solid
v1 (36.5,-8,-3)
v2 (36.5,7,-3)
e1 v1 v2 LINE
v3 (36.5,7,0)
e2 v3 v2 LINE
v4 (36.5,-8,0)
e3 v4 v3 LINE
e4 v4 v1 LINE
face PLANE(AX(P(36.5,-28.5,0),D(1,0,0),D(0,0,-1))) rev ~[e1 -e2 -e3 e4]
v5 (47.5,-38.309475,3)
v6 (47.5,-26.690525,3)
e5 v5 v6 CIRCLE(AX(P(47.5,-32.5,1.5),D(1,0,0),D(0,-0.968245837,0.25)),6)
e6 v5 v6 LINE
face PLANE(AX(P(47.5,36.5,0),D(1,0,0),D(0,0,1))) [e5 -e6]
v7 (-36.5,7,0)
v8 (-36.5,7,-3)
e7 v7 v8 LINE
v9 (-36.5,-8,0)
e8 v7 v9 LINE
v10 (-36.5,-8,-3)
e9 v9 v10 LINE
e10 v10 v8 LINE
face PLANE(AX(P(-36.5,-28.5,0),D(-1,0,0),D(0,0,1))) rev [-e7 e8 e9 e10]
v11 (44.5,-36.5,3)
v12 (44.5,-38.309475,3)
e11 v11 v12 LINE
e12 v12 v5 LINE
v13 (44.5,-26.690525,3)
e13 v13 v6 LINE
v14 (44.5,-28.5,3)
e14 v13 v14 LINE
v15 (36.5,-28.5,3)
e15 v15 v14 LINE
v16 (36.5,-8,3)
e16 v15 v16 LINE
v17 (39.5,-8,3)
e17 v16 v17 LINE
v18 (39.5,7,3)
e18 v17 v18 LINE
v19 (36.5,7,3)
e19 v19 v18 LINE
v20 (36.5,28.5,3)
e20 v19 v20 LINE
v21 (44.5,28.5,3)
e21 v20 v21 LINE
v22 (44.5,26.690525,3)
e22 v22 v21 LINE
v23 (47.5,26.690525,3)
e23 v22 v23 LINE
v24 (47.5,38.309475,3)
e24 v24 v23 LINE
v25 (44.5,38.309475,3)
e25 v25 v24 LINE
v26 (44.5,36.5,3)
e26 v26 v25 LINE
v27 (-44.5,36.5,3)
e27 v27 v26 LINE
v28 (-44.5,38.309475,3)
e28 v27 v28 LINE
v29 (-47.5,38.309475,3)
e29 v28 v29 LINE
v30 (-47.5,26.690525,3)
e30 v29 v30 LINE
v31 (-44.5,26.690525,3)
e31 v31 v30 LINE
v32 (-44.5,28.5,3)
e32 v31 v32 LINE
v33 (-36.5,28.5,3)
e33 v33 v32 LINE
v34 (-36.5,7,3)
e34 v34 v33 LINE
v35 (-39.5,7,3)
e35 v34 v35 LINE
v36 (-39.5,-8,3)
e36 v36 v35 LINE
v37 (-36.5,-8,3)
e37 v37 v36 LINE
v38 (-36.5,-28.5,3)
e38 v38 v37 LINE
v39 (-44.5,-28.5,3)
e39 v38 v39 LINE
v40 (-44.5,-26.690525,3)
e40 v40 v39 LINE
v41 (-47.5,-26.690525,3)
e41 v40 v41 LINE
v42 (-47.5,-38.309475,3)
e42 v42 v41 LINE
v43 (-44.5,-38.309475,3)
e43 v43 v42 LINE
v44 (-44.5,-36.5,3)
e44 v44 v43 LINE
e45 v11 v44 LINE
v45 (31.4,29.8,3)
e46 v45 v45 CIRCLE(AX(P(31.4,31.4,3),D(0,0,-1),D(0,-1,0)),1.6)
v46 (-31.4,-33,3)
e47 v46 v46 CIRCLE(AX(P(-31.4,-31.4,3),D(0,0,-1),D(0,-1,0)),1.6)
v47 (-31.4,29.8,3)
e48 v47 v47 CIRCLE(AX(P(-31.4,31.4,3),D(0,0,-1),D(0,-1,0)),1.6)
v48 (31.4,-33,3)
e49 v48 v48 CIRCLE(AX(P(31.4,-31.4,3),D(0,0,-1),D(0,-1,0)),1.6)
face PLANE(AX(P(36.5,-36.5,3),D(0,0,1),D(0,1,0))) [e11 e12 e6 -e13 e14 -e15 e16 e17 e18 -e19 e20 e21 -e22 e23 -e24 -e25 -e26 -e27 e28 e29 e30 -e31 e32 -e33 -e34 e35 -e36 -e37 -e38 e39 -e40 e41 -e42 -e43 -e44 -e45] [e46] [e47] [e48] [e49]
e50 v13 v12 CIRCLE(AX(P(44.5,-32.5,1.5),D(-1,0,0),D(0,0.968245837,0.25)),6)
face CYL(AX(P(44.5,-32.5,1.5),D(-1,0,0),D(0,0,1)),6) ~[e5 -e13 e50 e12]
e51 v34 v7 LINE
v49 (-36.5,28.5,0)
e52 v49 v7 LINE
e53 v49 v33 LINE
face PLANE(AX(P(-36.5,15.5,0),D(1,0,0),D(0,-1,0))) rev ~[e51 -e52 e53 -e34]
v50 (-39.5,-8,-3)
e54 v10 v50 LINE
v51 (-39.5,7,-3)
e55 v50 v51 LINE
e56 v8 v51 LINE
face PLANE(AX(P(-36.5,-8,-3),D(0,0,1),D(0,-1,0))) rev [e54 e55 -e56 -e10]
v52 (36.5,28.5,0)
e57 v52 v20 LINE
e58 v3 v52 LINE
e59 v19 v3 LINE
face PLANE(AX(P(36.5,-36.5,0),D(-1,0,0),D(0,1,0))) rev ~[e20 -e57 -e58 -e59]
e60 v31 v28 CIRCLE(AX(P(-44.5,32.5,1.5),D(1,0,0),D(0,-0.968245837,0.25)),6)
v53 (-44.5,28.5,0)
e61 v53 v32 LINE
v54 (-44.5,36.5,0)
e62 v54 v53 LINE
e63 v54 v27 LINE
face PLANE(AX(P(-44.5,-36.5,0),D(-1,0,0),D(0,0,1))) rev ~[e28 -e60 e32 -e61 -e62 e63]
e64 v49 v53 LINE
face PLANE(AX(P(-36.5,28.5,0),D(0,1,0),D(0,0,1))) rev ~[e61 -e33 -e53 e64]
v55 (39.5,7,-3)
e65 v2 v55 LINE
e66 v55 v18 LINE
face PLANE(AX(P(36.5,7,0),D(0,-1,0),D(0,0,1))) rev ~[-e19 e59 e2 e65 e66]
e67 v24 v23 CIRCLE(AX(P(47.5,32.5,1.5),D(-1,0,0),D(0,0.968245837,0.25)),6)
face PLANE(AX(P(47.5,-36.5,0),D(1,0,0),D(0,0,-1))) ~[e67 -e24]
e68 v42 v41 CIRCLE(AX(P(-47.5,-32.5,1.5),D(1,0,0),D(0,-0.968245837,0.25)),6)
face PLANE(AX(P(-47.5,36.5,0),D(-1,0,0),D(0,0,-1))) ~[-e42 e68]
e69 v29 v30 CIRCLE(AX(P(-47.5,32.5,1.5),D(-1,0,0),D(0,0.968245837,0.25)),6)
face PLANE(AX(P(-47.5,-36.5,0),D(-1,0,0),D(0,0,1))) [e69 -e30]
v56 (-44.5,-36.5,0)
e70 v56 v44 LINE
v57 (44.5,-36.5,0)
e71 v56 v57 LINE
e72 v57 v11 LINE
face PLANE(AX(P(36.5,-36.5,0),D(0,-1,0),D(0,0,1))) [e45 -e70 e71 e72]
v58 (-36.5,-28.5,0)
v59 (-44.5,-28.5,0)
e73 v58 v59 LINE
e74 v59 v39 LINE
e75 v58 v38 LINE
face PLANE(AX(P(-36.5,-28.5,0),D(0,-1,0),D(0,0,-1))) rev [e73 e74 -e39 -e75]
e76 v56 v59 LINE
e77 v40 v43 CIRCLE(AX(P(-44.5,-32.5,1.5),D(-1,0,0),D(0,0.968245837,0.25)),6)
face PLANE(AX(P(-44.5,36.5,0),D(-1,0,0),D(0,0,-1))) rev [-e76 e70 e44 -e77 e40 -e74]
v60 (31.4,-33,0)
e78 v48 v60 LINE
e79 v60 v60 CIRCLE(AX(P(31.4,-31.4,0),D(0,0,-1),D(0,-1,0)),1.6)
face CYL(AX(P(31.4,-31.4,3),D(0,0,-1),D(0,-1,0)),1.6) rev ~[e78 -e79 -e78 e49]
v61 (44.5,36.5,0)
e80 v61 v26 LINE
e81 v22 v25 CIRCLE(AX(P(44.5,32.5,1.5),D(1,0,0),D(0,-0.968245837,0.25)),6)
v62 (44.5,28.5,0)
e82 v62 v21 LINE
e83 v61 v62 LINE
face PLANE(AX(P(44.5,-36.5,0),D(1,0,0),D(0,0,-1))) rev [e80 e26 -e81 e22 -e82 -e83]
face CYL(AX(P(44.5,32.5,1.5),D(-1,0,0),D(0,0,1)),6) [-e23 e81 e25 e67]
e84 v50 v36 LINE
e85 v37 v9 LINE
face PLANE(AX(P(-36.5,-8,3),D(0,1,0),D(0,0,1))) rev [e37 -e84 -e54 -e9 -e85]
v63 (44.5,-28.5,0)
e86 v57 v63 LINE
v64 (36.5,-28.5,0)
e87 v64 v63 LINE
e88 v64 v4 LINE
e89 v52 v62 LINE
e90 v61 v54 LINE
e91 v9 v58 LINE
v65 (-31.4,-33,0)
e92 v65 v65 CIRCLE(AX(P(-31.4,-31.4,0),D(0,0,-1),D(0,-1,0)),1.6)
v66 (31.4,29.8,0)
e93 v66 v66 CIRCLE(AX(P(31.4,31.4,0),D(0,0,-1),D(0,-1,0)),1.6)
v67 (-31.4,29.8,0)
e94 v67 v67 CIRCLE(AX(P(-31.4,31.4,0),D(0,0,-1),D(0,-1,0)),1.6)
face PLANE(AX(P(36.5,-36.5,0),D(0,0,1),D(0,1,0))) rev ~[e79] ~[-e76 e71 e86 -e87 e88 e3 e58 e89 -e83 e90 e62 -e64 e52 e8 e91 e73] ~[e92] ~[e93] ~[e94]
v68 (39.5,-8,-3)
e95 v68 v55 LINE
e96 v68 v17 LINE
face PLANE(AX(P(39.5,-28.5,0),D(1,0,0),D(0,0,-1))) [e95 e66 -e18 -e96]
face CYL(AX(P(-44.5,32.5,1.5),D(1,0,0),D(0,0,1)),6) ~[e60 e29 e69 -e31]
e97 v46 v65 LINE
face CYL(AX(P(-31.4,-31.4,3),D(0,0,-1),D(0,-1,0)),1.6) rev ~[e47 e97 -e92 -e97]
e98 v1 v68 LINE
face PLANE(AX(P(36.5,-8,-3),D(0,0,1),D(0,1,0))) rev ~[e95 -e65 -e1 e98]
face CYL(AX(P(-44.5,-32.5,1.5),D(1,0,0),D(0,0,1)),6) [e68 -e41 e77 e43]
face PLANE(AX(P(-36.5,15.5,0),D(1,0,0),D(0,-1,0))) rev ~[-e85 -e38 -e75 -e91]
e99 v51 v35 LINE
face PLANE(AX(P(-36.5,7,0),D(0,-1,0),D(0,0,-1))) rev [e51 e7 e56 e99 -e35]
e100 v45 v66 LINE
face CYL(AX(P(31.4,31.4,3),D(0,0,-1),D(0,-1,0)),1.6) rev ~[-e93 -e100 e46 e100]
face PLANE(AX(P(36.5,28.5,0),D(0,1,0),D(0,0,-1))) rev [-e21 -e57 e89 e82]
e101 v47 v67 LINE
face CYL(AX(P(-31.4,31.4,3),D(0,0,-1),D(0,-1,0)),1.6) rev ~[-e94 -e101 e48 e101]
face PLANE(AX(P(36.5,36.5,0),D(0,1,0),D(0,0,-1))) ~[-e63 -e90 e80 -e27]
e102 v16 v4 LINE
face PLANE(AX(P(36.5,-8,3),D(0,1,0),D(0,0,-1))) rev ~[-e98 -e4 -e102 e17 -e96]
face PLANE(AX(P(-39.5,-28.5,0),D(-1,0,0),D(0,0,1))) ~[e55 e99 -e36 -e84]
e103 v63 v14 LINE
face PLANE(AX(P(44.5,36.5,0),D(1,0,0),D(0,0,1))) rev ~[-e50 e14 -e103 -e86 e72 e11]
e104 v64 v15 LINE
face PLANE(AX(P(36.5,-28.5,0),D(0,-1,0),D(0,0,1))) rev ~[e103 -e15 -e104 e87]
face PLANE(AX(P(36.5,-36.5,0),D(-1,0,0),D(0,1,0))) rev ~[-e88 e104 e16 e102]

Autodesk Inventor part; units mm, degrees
ref_plane "YZ Plane" through (0, 0, 0) normal (1, 0, 0) x (0, 1, 0)
ref_plane "XZ Plane" through (0, 0, 0) normal (0, 1, 0) x (-1, 0, 0)
ref_plane "XY Plane" through (0, 0, 0) normal (0, 0, 1) x (1, 0, 0)
sketch "Boceto1" plane through (0, 0, 0) normal (0, 0, 1) x (1, 0, 0)
  line L0 (-33.5, -15.5) -> (-33.5, 15.5) projected
  line L1 (-36.5, -15.5) -> (-33.5, -15.5) projected
  line L2 (-33.5, 15.5) -> (-36.5, 15.5) projected
  line L3 (-36.5, 15.5) -> (-36.5, -15.5) projected
  line L4 (36.5, -36.5) -> (36.5, 36.5) projected
  line L5 (-36.5, -36.5) -> (36.5, -36.5) projected
  line L6 (-36.5, 36.5) -> (-36.5, -36.5) projected
  line L7 (36.5, 36.5) -> (-36.5, 36.5) projected
  point P0 (0, 0)
extrude "Extrusión1" add sketch "Boceto1" along normal blind 3
sketch "Boceto2" plane through (0, 0, 3) normal (0, 0, 1) x (1, 0, 0)
  line L0 (36.5, 36.5) -> (-36.5, 36.5) projected
  line L1 (-36.5, 36.5) -> (-36.5, -36.5) projected
  line L2 (-36.5, -36.5) -> (36.5, -36.5) projected
  line L3 (36.5, -36.5) -> (36.5, 36.5) projected
  circle A0 centre (-31.4, 31.4) radius 2.1 projected
  circle A1 centre (-31.4, -31.4) radius 2.1 projected
  circle A2 centre (31.4, -31.4) radius 2.1 projected
  circle A3 centre (31.4, 31.4) radius 2.1 projected
  point P0 (0, 0)
hole "Agujero1" at (-31.4, 31.4, 3) at (-31.4, -31.4, 3) at (31.4, -31.4, 3) at (31.4, 31.4, 3) direction (0, 0, -1) diameter 3.2 depth 5
sketch "Boceto4" plane through (-36.5, -36.5, 0) normal (-1, 0, 0) x (0, 0, 1)
  line L0 (0, 73) -> (0, 0) projected
  line L1 (0, 0) -> (3, 0) projected
  line L2 (3, 73) -> (3, 0) projected
  line L3 (0, 73) -> (3, 73) projected
  line L4 (3, 73) -> (0, 73)
  line L5 (0, 73) -> (0, 65)
  line L6 (0, 65) -> (3, 65)
  line L7 (3, 65) -> (3, 73)
  point P0 (0, 36.5)
  dimension "d9" = 8
extrude "Extrusión2" add sketch "Boceto4" along normal blind 8 contours L3 L2 L6 L0
sketch "Boceto5" plane through (-44.5, -36.5, 0) normal (-1, 0, 0) x (0, 0, 1)
  line L0 (3, 65) -> (3, 73) projected
  line L1 (3, 73) -> (0, 73) projected
  line L2 (0, 73) -> (0, 65) projected
  line L3 (0, 65) -> (3, 65) projected
  line L4 (0, 73) -> (3, 65)
  circle A0 centre (1.5, 69) radius 6
  line L5 (0, 62) -> (3, 62)
  line L6 (3, 62) -> (3, 76)
  line L7 (3, 76) -> (0, 76)
  line L8 (0, 76) -> (0, 62)
  line L9 (0, 62) -> (3, 76) construction
  line L10 (3, 62) -> (0, 76) construction
  point P0 (0, 36.5)
  point P1 (3, 74.8095)
  point P2 (3, 63.1905)
  dimension "d12" = 12
extrude "Extrusión3" add sketch "Boceto5" along normal blind 3 contours L4 L1 L0 | L6 A0 L8 L3 | L3 L2 L4 | L1 L8 A0 L6 | L8 A0 L2
ref_plane "Plano de trabajo1" through (36.5, 0, 3) normal (0, 1, 0) x (1, 0, 0)
ref_plane "Plano de trabajo2" through (0, -36.5, 0) normal (-1, 0, 0) x (0, 0, 1)
mirror "Simetría1" about plane through (36.5, 0, 3) normal (0, 1, 0) of "Extrusión3", "Extrusión2"
mirror "Simetría2" about plane through (0, -36.5, 0) normal (-1, 0, 0) of "Extrusión3", "Extrusión2", "Simetría1"
sketch "Boceto6" plane through (36.5, -28.5, 0) normal (1, 0, 0) x (0, 0, -1)
  line L0 (0, 13) -> (75, 13) projected
  arc A0 (75, 7) -> (75, 13) centre (75, 10) ccw projected
  line L1 (75, 7) -> (0, 7) projected
  line L2 (0, -8) -> (0, 7) projected
  line L3 (81, -8) -> (0, -8) projected
  line L4 (81, -8) -> (81, 65) projected
  line L5 (81, 65) -> (0, 65) projected
  line L6 (0, 50) -> (0, 65) projected
  line L7 (0, 50) -> (75, 50) projected
  arc A1 (75, 44) -> (75, 50) centre (75, 47) ccw projected
  line L8 (75, 44) -> (0, 44) projected
  line L9 (0, 13) -> (0, 44) projected
  line L10 (0, 44) -> (0, 13) projected
  line L11 (-3, 0) -> (0, 0) projected
  line L12 (0, 0) -> (0, 57) projected
  line L13 (0, 57) -> (-3, 57) projected
  line L14 (-3, 0) -> (-3, 57) projected
  line L15 (3, 35.5) -> (-3, 35.5)
  line L16 (-3, 35.5) -> (-3, 20.5)
  line L17 (-3, 20.5) -> (3, 20.5)
  line L18 (3, 20.5) -> (3, 35.5)
  line L19 (3, 35.5) -> (-3, 20.5) construction
  line L20 (-3, 35.5) -> (3, 20.5) construction
  point P0 (0, 28.5)
  point P1 (0, 28)
  dimension "d15" = 6
  dimension "d16" = 15
extrude "Extrusión4" add sketch "Boceto6" along normal blind 3 contours L17 L14 L15 L9 | L9 L15 L18 L17
mirror "Simetría3" about plane through (0, -36.5, 0) normal (-1, 0, 0) of "Extrusión4"
properties part number "Tapa dispensador"
